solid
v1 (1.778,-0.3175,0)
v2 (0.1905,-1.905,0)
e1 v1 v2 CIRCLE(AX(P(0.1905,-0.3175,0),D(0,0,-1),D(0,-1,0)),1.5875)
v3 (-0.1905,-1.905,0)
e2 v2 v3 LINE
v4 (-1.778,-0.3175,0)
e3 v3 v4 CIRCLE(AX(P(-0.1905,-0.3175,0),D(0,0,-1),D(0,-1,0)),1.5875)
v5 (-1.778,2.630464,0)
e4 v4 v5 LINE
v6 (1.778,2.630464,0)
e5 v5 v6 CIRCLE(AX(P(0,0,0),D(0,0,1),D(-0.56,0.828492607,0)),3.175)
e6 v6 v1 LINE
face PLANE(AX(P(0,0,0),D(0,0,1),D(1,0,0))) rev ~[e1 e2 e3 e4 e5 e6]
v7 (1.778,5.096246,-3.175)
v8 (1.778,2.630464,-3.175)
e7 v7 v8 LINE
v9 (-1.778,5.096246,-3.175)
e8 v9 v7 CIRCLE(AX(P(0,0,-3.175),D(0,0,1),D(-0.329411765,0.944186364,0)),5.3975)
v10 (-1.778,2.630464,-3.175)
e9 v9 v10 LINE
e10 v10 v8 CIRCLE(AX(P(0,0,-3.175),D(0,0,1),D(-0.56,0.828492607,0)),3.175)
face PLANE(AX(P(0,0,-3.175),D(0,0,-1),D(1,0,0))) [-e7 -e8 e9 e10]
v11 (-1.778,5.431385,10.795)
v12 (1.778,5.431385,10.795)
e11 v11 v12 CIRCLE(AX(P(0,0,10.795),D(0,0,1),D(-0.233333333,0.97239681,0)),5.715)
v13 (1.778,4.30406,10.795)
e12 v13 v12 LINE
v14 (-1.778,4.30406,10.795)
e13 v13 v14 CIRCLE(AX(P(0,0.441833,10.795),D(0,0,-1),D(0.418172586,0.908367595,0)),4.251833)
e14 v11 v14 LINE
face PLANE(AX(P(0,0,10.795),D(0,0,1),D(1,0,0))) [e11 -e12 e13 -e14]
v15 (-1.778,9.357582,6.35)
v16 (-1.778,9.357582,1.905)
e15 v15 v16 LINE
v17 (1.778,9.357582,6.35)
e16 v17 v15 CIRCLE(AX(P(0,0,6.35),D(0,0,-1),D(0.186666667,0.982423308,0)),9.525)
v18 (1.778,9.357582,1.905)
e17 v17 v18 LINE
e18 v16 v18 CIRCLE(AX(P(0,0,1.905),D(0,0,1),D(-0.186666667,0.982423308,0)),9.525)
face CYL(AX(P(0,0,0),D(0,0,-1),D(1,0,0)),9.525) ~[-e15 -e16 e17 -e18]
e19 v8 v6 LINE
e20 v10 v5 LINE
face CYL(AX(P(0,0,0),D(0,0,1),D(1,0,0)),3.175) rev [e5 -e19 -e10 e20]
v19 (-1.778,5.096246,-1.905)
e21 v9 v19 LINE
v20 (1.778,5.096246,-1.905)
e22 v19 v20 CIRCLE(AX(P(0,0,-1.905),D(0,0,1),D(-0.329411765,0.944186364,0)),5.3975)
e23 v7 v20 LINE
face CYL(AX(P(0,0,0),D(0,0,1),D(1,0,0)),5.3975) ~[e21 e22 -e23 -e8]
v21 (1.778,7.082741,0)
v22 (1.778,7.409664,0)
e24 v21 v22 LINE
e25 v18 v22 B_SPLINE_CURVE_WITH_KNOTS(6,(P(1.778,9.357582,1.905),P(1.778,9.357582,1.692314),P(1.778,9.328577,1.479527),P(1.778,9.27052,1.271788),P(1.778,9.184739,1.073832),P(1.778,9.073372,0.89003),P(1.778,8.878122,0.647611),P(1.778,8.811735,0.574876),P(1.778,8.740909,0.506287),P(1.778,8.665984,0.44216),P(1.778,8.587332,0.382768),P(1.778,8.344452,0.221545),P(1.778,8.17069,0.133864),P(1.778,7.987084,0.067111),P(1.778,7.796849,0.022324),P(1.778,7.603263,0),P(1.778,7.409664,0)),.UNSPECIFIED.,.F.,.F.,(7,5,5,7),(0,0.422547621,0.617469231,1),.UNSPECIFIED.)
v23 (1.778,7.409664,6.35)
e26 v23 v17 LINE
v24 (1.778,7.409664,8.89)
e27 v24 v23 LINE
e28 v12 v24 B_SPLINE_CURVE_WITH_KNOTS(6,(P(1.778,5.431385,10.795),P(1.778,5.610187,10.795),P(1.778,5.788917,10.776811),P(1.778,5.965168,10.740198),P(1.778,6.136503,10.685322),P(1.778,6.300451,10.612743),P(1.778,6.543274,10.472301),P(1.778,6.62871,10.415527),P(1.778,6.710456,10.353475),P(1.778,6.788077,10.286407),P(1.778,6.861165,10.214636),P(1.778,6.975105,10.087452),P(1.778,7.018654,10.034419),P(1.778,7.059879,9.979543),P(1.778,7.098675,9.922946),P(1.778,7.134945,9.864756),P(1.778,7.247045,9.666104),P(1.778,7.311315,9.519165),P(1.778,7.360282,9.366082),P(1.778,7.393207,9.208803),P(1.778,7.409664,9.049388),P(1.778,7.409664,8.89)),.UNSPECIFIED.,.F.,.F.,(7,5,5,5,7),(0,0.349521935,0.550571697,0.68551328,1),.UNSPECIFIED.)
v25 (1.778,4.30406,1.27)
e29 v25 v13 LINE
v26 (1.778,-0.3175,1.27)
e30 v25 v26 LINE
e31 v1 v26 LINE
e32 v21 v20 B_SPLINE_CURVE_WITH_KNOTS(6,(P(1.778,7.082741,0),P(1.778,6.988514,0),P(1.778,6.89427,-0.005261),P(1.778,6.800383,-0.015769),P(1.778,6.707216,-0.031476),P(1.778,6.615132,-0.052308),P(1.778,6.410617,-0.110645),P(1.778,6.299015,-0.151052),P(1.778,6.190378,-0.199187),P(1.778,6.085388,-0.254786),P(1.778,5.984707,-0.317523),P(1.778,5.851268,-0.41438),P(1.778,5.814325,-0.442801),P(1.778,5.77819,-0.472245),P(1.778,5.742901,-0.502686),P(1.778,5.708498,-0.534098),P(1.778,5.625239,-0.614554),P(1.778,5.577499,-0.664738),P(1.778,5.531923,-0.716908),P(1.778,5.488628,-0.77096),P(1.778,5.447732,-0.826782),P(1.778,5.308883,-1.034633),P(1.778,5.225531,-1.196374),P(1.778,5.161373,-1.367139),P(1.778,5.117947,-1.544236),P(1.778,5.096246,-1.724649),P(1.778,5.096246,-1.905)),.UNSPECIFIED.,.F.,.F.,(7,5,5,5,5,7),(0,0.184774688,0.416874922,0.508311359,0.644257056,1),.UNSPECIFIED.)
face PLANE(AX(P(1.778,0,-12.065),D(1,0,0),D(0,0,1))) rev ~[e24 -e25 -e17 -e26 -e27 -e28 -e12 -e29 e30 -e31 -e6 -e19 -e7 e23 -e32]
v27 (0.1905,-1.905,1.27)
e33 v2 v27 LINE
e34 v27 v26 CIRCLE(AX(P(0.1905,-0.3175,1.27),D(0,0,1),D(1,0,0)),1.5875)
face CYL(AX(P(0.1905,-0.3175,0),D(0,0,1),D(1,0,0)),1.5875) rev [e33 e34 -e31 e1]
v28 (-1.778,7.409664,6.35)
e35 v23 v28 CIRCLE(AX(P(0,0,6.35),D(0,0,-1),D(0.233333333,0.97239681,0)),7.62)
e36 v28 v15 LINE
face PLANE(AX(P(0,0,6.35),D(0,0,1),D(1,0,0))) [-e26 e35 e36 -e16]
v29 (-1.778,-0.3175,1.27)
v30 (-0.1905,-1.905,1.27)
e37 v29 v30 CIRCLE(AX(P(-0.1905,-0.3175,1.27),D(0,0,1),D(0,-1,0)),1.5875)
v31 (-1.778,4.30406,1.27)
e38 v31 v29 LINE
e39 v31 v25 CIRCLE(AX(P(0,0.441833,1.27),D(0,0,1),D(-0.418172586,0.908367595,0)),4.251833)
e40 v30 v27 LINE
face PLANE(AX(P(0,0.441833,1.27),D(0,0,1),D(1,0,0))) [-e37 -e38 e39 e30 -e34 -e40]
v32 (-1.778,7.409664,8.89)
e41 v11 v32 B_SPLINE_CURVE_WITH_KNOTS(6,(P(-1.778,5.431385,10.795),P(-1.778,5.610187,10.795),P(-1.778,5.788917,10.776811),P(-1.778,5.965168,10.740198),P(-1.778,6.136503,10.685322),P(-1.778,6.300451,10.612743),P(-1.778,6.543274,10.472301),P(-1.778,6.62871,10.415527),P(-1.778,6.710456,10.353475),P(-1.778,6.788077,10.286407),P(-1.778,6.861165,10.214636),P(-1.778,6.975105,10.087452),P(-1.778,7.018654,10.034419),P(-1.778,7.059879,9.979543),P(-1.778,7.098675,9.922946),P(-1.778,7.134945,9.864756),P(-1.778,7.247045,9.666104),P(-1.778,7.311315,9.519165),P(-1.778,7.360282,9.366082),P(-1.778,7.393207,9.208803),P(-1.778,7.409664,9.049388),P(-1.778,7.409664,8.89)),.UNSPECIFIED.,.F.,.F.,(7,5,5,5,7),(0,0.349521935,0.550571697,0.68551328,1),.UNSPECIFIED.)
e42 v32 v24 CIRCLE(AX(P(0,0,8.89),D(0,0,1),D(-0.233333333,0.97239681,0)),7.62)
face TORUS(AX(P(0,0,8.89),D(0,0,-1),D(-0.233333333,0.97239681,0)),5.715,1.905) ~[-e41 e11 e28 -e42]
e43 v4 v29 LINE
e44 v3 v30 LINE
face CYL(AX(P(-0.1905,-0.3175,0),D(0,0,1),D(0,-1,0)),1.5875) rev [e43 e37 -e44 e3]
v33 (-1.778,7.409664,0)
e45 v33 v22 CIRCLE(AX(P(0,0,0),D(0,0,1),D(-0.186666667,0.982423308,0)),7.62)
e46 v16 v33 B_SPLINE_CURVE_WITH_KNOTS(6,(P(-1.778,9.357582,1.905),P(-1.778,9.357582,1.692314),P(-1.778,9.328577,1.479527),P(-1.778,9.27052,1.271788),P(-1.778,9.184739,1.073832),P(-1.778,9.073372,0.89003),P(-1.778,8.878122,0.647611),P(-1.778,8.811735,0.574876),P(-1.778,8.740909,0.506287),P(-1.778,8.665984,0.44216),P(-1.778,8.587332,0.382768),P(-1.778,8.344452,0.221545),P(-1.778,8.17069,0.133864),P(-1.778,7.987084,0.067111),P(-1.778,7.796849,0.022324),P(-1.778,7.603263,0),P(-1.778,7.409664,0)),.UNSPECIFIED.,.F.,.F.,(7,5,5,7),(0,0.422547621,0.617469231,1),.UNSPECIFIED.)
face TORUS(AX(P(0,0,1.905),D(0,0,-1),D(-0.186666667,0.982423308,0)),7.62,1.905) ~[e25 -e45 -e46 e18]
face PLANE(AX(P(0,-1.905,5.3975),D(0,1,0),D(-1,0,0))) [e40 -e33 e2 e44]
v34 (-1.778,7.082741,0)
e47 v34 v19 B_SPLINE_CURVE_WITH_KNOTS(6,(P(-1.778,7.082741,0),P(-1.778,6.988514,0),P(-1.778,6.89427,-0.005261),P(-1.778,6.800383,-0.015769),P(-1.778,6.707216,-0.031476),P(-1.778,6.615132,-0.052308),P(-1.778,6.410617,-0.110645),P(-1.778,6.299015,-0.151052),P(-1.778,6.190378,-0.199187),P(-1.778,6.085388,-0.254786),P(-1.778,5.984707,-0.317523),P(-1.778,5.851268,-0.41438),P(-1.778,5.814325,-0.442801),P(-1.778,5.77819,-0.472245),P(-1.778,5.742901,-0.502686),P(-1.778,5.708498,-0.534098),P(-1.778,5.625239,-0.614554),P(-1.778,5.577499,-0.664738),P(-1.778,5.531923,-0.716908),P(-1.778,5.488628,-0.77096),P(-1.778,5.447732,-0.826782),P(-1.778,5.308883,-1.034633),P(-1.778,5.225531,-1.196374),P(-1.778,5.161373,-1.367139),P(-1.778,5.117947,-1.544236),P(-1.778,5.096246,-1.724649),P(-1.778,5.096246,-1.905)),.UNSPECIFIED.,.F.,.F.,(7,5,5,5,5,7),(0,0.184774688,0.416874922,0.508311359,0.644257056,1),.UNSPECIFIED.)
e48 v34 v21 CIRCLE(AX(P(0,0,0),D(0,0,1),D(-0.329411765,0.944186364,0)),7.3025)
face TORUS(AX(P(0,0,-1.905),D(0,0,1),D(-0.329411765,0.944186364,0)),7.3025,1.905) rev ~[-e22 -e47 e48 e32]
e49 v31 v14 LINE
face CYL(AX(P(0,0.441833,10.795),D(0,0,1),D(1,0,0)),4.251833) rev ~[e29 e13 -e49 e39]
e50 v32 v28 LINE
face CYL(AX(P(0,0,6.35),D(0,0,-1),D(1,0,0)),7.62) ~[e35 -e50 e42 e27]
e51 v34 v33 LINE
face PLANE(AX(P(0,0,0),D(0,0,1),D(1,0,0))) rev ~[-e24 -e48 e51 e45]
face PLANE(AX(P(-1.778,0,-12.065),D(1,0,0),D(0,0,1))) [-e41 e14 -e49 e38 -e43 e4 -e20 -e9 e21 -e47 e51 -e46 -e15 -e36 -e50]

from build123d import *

# Parameters (mm, degrees)
F0_R      = 9.525
F1_DEPTH  = 6.35
F2_R      = 7.62
F3_DEPTH  = 4.445
F4_R      = 5.3975
F4_R_2    = 3.175
F5_DEPTH  = 3.175
F6_W      = 3.556
F6_H      = 25.4
F7_DEPTH  = 12.7
F8_W      = 3.556
F8_H      = 10.795
F9_DEPTH  = 1.905
F10_R     = 1.5875
F11_R     = 1.905
F12_R     = 4.251833
F13_DEPTH = 9.525


with BuildPart() as f1:
    # F0 (on Top) → F1 (new body)
    with BuildSketch(Plane.XY):
        Circle(F0_R)
    extrude(amount=F1_DEPTH)

    # F2 (on face) → F3 (join)
    with BuildSketch(Plane.XY.offset(6.35)):
        Circle(F2_R)
    extrude(amount=F3_DEPTH)

    # F4 (on face) → F5 (join)
    with BuildSketch(Plane(origin=(0, 0, 0), x_dir=(1, 0, 0), z_dir=(0, 0, -1))):
        Circle(F4_R)
        Circle(F4_R_2, mode=Mode.SUBTRACT)
    extrude(amount=F5_DEPTH)

    # F6 (on Front) → F7 (cut)
    with BuildSketch(Plane.XZ):
        with Locations((0, 0.635)):
            Rectangle(F6_W, F6_H)
    extrude(amount=-F7_DEPTH, mode=Mode.SUBTRACT)

    # F8 (on face) → F9 (cut)
    with BuildSketch(Plane(origin=(0, 0, 0), x_dir=(-1, 0, 0), z_dir=(0, 1, 0))):
        with Locations((0, 5.3975)):
            Rectangle(F8_W, F8_H)
    extrude(amount=-F9_DEPTH, mode=Mode.SUBTRACT)

    # F10
    f10_edges = [f1.edges().sort_by_distance(p)[0] for p in [
        (-1.778, -1.905, 5.3975),
        (1.778, -1.905, 5.3975),
    ]]
    fillet(f10_edges, radius=F10_R)

    # F11
    f11_edges = [f1.edges().sort_by_distance(p)[0] for p in [
        (0, -5.3975, 0),
        (0, -9.525, 0),
        (0, -7.62, 10.795),
    ]]
    fillet(f11_edges, radius=F11_R)

    # F12 (on face) → F13 (cut)
    with BuildSketch(Plane.XY.offset(10.795)):
        with Locations((0, 0.441833)):
            Circle(F12_R)
    extrude(amount=-F13_DEPTH, mode=Mode.SUBTRACT)


solid = f1.part
